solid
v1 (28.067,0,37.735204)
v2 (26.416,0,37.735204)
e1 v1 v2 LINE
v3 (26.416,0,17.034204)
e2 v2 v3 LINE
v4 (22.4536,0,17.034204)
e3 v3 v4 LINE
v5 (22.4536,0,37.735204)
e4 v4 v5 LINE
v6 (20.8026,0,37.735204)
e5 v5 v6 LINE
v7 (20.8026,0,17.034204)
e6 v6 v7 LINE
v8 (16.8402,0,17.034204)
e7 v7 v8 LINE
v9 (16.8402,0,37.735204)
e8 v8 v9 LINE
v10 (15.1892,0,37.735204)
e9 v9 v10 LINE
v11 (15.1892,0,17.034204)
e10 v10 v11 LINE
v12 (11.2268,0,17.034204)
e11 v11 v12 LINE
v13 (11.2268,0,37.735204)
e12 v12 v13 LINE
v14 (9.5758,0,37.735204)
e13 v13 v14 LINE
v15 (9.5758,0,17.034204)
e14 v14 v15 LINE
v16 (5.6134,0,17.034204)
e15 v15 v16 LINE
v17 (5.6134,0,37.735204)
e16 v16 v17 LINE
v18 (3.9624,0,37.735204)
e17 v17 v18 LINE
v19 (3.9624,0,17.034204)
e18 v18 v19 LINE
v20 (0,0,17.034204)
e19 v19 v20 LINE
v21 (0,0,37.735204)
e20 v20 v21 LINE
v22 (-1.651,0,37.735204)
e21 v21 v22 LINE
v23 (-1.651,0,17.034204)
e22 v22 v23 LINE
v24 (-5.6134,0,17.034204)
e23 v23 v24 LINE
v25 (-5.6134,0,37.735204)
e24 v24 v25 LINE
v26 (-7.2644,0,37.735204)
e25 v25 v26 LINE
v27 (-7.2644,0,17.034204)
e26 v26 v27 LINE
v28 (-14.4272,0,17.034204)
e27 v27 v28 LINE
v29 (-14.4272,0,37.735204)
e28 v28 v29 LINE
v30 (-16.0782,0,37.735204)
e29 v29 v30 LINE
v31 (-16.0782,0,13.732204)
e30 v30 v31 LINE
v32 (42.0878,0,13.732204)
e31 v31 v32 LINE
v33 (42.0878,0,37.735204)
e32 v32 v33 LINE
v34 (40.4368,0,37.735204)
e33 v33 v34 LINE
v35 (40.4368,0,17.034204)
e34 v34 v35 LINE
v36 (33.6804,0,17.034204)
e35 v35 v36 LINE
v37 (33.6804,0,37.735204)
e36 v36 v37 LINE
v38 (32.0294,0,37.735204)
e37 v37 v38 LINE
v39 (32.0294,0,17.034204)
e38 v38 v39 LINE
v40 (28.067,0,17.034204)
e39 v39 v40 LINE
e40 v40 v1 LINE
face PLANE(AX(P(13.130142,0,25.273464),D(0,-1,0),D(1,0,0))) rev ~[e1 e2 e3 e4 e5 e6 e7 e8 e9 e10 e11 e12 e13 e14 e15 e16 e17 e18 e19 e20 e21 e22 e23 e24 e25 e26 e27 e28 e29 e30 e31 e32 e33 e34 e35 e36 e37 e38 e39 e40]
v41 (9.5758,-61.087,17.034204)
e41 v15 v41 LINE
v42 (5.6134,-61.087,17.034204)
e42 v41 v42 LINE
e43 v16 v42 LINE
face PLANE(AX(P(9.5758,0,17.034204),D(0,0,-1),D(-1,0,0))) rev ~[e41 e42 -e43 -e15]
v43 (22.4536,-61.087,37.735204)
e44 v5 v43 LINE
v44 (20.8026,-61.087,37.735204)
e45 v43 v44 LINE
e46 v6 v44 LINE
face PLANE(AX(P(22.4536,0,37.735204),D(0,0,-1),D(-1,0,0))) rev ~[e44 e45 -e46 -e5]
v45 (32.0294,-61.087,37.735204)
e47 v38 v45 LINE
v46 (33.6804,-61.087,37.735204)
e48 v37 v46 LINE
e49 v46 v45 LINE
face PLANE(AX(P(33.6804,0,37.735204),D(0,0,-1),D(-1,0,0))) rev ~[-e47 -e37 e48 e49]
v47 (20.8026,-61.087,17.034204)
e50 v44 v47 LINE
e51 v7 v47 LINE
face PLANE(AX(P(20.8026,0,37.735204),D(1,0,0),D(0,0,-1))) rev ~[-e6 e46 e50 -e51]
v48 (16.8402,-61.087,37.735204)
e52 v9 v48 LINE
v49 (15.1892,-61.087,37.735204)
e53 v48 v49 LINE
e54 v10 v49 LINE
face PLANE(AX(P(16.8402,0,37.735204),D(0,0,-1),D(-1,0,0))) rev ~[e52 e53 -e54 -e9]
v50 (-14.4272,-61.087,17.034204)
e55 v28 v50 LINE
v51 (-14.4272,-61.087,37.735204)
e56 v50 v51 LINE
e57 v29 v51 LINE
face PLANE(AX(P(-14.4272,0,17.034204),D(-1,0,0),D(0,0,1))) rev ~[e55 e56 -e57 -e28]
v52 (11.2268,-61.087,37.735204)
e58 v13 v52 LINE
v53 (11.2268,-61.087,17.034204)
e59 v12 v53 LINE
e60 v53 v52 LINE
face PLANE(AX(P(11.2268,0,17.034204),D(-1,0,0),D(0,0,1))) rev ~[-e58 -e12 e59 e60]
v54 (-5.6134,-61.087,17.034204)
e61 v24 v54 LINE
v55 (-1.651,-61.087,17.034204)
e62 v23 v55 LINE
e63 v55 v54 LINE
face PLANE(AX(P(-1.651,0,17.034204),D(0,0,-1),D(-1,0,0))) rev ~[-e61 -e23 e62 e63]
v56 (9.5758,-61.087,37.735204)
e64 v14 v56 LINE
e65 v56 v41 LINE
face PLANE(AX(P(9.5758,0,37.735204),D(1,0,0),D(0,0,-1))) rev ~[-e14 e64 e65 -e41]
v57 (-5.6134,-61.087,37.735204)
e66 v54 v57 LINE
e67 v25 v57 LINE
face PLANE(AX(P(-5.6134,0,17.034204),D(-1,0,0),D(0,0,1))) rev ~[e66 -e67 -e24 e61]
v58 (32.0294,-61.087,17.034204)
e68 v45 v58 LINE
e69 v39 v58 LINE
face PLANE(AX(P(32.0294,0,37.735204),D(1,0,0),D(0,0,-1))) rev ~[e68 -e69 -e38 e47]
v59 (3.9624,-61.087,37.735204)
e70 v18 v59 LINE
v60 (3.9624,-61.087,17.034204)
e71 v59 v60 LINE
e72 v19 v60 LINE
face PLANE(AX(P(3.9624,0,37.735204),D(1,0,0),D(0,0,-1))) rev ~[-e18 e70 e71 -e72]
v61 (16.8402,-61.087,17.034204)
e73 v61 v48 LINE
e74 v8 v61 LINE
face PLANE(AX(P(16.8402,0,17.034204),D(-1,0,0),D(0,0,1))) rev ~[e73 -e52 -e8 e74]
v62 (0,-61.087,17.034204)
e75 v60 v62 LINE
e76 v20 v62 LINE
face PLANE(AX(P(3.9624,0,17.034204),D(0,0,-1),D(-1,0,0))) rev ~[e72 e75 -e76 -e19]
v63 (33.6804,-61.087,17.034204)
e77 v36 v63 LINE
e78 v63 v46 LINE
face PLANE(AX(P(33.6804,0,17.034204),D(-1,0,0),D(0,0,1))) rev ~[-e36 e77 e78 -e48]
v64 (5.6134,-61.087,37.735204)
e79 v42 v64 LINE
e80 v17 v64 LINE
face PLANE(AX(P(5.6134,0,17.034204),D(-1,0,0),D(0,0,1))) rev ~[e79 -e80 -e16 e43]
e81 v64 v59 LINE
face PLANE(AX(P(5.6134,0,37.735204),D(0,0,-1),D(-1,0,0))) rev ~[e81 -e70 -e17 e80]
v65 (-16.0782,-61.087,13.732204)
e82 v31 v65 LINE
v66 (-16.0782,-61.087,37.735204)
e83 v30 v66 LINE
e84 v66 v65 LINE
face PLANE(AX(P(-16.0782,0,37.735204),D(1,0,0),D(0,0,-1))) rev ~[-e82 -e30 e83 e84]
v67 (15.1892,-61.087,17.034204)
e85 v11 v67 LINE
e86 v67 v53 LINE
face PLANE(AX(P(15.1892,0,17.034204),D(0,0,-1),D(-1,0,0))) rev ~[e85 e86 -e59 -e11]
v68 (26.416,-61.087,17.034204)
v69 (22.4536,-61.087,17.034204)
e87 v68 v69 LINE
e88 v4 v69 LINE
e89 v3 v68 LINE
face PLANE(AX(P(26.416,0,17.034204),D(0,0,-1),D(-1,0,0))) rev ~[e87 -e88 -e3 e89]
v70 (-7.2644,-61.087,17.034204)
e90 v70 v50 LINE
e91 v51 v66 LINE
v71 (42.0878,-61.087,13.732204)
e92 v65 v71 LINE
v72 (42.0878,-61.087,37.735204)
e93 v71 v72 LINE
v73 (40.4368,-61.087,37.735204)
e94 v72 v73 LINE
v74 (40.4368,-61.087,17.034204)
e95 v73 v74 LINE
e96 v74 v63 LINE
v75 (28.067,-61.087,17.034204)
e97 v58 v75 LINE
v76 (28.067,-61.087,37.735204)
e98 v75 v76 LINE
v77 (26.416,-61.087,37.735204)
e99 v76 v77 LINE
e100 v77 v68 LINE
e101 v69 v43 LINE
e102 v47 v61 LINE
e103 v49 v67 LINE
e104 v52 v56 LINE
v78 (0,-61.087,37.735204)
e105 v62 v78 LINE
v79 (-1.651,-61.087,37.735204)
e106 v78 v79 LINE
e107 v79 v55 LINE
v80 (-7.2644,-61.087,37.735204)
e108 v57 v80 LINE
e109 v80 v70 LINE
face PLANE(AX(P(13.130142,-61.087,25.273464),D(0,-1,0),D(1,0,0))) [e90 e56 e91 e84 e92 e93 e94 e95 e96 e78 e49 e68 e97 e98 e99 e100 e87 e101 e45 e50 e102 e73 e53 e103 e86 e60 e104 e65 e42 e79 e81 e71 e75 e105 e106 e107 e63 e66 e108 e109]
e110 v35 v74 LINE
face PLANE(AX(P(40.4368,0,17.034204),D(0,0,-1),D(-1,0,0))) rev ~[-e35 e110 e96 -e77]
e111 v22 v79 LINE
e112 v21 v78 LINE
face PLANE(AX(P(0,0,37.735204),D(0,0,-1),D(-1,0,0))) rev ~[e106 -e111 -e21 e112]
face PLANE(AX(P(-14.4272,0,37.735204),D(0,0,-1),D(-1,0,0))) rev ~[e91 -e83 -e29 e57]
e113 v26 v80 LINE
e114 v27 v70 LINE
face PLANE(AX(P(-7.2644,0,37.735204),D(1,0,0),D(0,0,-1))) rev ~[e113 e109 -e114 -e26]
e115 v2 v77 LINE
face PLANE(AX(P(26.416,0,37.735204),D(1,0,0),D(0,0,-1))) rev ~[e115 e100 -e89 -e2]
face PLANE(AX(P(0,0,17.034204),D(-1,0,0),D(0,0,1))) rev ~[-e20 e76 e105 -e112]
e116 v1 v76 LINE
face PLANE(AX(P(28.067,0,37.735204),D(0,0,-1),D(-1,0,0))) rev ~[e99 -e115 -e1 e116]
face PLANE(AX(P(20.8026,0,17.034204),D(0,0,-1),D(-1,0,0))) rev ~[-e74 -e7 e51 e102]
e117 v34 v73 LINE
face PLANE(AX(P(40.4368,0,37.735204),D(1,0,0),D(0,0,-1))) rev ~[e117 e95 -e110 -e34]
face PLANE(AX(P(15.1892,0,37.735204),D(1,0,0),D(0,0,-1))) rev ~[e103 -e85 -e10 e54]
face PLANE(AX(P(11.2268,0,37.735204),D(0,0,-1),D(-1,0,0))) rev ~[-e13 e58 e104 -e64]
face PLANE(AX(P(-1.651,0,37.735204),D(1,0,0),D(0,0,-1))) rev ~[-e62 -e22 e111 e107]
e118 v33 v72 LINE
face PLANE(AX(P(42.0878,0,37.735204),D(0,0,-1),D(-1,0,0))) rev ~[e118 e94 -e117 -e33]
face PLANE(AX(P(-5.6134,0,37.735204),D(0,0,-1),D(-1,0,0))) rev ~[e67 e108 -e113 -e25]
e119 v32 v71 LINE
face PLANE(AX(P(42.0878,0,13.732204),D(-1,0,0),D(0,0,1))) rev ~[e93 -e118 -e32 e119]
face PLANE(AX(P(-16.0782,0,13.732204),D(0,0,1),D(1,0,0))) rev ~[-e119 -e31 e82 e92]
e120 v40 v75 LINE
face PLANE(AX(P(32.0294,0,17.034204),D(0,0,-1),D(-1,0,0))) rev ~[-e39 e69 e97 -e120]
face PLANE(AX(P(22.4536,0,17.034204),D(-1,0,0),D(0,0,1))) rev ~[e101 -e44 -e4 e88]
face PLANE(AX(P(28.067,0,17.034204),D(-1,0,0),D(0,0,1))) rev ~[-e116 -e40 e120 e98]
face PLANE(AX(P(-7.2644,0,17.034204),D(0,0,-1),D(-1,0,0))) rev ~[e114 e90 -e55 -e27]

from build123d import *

# Parameters (mm, degrees)
F1_DEPTH = 61.087


with BuildPart() as f1:
    # F0 (on Front) → F1 (new body)
    with BuildSketch(Plane.XZ):
        Polygon((-14.4272, 37.735204), (-16.0782, 37.735204), (-16.0782, 13.732204), (42.0878, 13.732204), (42.0878, 37.735204), (40.4368, 37.735204), (40.4368, 17.034204), (33.6804, 17.034204), (33.6804, 37.735204), (32.0294, 37.735204), (32.0294, 17.034204), (28.067, 17.034204), (28.067, 37.735204), (26.416, 37.735204), (26.416, 17.034204), (22.4536, 17.034204), (22.4536, 37.735204), (20.8026, 37.735204), (20.8026, 17.034204), (16.8402, 17.034204), (16.8402, 37.735204), (15.1892, 37.735204), (15.1892, 17.034204), (11.2268, 17.034204), (11.2268, 37.735204), (9.5758, 37.735204), (9.5758, 17.034204), (5.6134, 17.034204), (5.6134, 37.735204), (3.9624, 37.735204), (3.9624, 17.034204), (0, 17.034204), (0, 37.735204), (-1.651, 37.735204), (-1.651, 17.034204), (-5.6134, 17.034204), (-5.6134, 37.735204), (-7.2644, 37.735204), (-7.2644, 17.034204), (-14.4272, 17.034204), align=None)
    extrude(amount=F1_DEPTH)


solid = f1.part
